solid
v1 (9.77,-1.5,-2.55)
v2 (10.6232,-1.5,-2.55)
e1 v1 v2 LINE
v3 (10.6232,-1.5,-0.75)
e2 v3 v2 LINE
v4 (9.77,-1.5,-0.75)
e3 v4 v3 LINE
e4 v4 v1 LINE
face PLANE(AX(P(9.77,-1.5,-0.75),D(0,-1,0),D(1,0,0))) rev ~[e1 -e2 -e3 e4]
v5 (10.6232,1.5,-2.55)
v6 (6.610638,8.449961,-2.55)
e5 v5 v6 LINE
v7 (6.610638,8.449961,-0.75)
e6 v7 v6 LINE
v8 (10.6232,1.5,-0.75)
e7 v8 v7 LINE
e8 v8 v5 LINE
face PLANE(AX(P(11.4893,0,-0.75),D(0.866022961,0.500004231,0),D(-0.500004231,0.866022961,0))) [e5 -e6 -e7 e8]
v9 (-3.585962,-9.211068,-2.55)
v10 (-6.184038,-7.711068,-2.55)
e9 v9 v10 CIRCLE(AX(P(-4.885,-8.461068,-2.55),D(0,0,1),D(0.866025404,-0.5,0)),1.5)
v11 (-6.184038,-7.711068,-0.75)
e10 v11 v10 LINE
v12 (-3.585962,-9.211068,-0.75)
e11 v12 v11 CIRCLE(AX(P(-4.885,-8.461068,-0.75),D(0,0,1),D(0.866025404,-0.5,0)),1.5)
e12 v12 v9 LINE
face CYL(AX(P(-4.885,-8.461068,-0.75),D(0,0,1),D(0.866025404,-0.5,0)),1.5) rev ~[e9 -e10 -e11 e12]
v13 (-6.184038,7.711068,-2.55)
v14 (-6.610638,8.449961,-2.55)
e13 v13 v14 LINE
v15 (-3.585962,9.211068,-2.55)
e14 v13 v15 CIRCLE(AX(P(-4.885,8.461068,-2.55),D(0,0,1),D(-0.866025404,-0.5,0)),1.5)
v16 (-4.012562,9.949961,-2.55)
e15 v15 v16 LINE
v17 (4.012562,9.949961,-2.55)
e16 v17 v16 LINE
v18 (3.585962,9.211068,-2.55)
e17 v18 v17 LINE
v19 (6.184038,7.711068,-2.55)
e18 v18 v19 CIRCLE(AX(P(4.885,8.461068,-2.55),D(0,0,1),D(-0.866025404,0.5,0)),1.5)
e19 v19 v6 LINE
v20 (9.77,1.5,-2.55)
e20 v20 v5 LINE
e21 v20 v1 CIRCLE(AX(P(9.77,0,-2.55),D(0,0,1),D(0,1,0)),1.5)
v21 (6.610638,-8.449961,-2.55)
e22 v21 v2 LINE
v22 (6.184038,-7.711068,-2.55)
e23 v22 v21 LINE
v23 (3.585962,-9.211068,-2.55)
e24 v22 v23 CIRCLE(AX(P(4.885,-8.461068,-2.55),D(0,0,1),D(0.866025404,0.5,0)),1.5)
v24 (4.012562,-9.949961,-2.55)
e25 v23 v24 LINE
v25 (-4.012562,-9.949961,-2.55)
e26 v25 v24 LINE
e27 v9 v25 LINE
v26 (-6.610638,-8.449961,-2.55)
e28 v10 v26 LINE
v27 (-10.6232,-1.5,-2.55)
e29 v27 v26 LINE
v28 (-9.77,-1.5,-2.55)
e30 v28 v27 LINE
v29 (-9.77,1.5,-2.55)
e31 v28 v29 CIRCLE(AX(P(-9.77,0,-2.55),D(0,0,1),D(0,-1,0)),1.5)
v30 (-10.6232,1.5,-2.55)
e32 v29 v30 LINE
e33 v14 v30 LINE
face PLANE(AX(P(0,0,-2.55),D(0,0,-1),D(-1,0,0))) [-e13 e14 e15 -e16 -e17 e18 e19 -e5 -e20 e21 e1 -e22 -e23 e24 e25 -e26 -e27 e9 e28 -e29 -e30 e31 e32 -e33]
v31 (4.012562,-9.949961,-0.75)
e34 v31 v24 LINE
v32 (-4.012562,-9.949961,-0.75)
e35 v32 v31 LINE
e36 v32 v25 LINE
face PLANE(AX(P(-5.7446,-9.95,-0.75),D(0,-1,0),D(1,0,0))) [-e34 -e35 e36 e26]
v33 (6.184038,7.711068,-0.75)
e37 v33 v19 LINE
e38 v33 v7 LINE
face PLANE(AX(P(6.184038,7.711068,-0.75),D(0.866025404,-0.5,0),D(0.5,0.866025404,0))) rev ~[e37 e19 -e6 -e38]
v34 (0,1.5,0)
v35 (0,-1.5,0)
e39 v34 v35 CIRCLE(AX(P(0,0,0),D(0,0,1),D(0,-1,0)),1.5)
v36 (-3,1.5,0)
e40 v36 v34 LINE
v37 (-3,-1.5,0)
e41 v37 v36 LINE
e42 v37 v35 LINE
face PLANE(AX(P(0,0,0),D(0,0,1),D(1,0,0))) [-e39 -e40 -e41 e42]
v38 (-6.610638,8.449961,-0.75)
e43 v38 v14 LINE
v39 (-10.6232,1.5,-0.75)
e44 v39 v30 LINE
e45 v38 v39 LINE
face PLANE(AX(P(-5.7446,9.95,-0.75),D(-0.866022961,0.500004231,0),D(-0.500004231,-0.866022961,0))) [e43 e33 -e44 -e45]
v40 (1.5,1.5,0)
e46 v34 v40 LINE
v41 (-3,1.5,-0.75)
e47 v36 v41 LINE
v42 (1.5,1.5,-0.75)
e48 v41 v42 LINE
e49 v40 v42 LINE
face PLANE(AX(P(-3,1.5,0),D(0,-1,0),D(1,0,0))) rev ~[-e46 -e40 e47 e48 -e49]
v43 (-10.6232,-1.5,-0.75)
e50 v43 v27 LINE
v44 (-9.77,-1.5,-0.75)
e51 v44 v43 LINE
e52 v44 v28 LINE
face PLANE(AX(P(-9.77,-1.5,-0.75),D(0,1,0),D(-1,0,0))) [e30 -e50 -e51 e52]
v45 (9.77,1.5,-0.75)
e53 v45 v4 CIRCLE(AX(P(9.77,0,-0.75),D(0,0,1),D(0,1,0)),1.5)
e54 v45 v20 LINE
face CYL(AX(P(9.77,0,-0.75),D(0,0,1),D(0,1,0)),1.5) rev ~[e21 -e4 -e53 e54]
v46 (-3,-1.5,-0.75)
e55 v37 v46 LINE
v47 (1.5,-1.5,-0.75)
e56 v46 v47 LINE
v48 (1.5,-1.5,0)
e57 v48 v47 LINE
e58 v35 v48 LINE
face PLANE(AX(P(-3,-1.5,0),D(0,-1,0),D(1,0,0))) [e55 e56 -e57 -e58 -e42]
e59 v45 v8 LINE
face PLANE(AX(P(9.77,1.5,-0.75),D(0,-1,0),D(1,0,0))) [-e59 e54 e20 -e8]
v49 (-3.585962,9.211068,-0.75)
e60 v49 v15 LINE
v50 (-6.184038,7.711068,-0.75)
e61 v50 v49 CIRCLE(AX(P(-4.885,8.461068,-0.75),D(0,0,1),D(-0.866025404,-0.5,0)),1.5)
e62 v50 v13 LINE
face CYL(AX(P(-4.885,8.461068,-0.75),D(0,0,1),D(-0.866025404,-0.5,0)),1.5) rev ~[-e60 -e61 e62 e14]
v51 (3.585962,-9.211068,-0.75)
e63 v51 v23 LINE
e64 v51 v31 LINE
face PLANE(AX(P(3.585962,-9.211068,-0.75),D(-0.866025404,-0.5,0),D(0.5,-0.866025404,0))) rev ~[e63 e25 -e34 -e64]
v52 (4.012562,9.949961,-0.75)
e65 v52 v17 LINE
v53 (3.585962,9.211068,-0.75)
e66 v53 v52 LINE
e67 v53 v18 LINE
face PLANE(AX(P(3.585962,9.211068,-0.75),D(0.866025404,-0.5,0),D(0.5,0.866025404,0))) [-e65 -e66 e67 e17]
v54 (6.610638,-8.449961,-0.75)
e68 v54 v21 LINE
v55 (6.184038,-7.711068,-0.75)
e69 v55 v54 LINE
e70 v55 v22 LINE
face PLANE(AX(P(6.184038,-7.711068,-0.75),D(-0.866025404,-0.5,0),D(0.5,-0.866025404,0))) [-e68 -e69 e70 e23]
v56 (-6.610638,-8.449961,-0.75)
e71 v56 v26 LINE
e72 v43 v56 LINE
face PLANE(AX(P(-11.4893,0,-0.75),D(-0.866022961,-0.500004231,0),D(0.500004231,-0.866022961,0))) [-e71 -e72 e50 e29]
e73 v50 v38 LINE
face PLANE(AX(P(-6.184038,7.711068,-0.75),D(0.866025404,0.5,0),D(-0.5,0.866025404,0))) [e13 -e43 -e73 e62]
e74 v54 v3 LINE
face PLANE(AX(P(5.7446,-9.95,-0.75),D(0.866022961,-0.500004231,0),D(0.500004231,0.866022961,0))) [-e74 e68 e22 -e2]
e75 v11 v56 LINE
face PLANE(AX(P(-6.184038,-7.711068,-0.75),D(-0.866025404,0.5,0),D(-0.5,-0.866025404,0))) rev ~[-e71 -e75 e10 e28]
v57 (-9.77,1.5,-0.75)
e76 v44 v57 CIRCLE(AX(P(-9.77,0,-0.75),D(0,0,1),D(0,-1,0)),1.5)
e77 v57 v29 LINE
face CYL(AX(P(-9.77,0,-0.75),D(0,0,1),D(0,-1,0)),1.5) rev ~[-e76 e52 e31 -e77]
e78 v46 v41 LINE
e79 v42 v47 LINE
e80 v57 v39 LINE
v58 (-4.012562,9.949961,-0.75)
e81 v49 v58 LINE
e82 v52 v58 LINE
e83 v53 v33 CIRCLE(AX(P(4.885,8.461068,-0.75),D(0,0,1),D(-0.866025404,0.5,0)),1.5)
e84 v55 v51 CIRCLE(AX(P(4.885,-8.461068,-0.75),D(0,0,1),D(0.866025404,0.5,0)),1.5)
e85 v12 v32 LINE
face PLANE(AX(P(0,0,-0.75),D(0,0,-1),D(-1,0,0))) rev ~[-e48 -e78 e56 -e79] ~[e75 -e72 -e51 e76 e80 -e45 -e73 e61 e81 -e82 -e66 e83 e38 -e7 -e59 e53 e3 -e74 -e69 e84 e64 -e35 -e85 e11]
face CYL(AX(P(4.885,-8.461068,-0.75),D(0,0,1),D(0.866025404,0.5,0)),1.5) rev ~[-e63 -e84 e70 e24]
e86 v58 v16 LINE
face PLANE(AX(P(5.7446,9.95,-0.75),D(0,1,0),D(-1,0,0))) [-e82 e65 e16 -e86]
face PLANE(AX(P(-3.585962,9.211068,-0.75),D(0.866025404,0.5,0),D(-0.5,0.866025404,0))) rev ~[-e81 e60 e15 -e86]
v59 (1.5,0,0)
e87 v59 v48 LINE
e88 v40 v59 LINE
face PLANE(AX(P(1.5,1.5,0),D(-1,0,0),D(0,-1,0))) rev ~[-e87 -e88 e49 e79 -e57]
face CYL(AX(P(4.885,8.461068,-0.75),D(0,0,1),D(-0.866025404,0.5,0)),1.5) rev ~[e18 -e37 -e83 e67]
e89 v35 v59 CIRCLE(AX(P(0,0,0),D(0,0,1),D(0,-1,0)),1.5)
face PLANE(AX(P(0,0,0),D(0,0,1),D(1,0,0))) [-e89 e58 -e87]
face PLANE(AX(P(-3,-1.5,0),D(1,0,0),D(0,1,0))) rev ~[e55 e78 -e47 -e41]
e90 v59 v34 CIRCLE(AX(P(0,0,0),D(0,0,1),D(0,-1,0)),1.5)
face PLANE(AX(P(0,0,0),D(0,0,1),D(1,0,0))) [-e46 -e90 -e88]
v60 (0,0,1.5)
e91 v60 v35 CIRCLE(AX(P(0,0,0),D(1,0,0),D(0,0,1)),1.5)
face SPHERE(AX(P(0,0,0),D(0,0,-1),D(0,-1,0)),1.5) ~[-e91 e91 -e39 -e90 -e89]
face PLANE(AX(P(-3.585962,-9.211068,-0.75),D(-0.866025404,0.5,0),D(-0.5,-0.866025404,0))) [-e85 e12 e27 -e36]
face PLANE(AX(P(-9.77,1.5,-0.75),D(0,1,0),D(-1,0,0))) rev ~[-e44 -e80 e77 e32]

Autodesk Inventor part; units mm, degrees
ref_plane "YZ Plane" through (0, 0, 0) normal (1, 0, 0) x (0, 1, 0)
ref_plane "XZ Plane" through (0, 0, 0) normal (0, 1, 0) x (-1, 0, 0)
ref_plane "XY Plane" through (0, 0, 0) normal (0, 0, 1) x (1, 0, 0)
sketch "Skizze1" plane through (0, 0, 0) normal (0, 0, 1) x (1, 0, 0)
  line L0 (-3, 1.5) -> (1.5, 1.5)
  line L1 (1.5, 1.5) -> (1.5, -1.5)
  line L2 (-3, -1.5) -> (-3, 1.5)
  line L3 (1.5, 1.5) -> (-1.5, -1.5) construction
  line L4 (-1.5, -1.5) -> (1.5, -1.5) construction
  line L5 (0, 0) -> (0.1963, -0.4081) construction
  line L6 (-3, -1.5) -> (1.5, -1.5)
  dimension "d0" = 3
  dimension "d1" = 4.5
extrude "Extrusion1" add sketch "Skizze1" against normal blind 0.75
sketch "Skizze2" plane through (0, 0, 0) normal (1, 0, 0) x (0, 1, 0)
  line L0 (-1.5, 0) -> (1.5, 0) projected
  arc A0 (0, 1.5) -> (-1.5, 0) centre (0, 0) ccw
  line L1 (0, 0) -> (0, 1.5)
  line L2 (0, 0) -> (-1.5, 0)
  dimension "d4" = 1.5
revolve "Umdrehung1" add sketch "Skizze2" angle 360 about axis through (0, 0, 0) along (0, 0, 1)
sketch "Skizze3" plane through (0, 0, -0.75) normal (0, 0, -1) x (-1, 0, 0)
  line L0 (11.4893, 0) -> (5.7446, -9.95)
  line L1 (5.7446, -9.95) -> (-5.7446, -9.95)
  line L2 (-5.7446, -9.95) -> (-11.4893, 0)
  line L3 (-11.4893, 0) -> (-5.7446, 9.95)
  line L4 (-5.7446, 9.95) -> (5.7446, 9.95)
  line L5 (5.7446, 9.95) -> (11.4893, 0)
  point P0 (0, 0)
  point P1 (0, 0)
  dimension "d7" = 19.9
extrude "Extrusion2" add sketch "Skizze3" along normal blind 1.8
sketch "Skizze4" plane through (0, 0, -0.75) normal (0, 0, 1) x (1, 0, 0)
  line L0 (-11.4893, 0) -> (-5.7446, -9.95) projected
  line L1 (-5.7446, 9.95) -> (-11.4893, 0) projected
  line L2 (1.5, -1.5) -> (-3, -1.5) projected
  line L3 (0, 0) -> (-9.77, 0) construction
  arc A0 (-9.77, -1.5) -> (-9.77, 1.5) centre (-9.77, 0) ccw
  line L4 (-9.77, -1.5) -> (-10.6232, -1.5)
  line L5 (-9.77, 1.5) -> (-10.6232, 1.5)
  dimension "d10" = 9.77
  dimension "d11" = 3
extrude "Extrusion3" cut sketch "Skizze4" against normal blind 1.8
pattern_circular "Runde Anordnung1" count 6 over 360 about axis through (0, 0, -10) along (0, 0, 1) of "Extrusion3"
properties part number "Luxeon Rebel Star"
